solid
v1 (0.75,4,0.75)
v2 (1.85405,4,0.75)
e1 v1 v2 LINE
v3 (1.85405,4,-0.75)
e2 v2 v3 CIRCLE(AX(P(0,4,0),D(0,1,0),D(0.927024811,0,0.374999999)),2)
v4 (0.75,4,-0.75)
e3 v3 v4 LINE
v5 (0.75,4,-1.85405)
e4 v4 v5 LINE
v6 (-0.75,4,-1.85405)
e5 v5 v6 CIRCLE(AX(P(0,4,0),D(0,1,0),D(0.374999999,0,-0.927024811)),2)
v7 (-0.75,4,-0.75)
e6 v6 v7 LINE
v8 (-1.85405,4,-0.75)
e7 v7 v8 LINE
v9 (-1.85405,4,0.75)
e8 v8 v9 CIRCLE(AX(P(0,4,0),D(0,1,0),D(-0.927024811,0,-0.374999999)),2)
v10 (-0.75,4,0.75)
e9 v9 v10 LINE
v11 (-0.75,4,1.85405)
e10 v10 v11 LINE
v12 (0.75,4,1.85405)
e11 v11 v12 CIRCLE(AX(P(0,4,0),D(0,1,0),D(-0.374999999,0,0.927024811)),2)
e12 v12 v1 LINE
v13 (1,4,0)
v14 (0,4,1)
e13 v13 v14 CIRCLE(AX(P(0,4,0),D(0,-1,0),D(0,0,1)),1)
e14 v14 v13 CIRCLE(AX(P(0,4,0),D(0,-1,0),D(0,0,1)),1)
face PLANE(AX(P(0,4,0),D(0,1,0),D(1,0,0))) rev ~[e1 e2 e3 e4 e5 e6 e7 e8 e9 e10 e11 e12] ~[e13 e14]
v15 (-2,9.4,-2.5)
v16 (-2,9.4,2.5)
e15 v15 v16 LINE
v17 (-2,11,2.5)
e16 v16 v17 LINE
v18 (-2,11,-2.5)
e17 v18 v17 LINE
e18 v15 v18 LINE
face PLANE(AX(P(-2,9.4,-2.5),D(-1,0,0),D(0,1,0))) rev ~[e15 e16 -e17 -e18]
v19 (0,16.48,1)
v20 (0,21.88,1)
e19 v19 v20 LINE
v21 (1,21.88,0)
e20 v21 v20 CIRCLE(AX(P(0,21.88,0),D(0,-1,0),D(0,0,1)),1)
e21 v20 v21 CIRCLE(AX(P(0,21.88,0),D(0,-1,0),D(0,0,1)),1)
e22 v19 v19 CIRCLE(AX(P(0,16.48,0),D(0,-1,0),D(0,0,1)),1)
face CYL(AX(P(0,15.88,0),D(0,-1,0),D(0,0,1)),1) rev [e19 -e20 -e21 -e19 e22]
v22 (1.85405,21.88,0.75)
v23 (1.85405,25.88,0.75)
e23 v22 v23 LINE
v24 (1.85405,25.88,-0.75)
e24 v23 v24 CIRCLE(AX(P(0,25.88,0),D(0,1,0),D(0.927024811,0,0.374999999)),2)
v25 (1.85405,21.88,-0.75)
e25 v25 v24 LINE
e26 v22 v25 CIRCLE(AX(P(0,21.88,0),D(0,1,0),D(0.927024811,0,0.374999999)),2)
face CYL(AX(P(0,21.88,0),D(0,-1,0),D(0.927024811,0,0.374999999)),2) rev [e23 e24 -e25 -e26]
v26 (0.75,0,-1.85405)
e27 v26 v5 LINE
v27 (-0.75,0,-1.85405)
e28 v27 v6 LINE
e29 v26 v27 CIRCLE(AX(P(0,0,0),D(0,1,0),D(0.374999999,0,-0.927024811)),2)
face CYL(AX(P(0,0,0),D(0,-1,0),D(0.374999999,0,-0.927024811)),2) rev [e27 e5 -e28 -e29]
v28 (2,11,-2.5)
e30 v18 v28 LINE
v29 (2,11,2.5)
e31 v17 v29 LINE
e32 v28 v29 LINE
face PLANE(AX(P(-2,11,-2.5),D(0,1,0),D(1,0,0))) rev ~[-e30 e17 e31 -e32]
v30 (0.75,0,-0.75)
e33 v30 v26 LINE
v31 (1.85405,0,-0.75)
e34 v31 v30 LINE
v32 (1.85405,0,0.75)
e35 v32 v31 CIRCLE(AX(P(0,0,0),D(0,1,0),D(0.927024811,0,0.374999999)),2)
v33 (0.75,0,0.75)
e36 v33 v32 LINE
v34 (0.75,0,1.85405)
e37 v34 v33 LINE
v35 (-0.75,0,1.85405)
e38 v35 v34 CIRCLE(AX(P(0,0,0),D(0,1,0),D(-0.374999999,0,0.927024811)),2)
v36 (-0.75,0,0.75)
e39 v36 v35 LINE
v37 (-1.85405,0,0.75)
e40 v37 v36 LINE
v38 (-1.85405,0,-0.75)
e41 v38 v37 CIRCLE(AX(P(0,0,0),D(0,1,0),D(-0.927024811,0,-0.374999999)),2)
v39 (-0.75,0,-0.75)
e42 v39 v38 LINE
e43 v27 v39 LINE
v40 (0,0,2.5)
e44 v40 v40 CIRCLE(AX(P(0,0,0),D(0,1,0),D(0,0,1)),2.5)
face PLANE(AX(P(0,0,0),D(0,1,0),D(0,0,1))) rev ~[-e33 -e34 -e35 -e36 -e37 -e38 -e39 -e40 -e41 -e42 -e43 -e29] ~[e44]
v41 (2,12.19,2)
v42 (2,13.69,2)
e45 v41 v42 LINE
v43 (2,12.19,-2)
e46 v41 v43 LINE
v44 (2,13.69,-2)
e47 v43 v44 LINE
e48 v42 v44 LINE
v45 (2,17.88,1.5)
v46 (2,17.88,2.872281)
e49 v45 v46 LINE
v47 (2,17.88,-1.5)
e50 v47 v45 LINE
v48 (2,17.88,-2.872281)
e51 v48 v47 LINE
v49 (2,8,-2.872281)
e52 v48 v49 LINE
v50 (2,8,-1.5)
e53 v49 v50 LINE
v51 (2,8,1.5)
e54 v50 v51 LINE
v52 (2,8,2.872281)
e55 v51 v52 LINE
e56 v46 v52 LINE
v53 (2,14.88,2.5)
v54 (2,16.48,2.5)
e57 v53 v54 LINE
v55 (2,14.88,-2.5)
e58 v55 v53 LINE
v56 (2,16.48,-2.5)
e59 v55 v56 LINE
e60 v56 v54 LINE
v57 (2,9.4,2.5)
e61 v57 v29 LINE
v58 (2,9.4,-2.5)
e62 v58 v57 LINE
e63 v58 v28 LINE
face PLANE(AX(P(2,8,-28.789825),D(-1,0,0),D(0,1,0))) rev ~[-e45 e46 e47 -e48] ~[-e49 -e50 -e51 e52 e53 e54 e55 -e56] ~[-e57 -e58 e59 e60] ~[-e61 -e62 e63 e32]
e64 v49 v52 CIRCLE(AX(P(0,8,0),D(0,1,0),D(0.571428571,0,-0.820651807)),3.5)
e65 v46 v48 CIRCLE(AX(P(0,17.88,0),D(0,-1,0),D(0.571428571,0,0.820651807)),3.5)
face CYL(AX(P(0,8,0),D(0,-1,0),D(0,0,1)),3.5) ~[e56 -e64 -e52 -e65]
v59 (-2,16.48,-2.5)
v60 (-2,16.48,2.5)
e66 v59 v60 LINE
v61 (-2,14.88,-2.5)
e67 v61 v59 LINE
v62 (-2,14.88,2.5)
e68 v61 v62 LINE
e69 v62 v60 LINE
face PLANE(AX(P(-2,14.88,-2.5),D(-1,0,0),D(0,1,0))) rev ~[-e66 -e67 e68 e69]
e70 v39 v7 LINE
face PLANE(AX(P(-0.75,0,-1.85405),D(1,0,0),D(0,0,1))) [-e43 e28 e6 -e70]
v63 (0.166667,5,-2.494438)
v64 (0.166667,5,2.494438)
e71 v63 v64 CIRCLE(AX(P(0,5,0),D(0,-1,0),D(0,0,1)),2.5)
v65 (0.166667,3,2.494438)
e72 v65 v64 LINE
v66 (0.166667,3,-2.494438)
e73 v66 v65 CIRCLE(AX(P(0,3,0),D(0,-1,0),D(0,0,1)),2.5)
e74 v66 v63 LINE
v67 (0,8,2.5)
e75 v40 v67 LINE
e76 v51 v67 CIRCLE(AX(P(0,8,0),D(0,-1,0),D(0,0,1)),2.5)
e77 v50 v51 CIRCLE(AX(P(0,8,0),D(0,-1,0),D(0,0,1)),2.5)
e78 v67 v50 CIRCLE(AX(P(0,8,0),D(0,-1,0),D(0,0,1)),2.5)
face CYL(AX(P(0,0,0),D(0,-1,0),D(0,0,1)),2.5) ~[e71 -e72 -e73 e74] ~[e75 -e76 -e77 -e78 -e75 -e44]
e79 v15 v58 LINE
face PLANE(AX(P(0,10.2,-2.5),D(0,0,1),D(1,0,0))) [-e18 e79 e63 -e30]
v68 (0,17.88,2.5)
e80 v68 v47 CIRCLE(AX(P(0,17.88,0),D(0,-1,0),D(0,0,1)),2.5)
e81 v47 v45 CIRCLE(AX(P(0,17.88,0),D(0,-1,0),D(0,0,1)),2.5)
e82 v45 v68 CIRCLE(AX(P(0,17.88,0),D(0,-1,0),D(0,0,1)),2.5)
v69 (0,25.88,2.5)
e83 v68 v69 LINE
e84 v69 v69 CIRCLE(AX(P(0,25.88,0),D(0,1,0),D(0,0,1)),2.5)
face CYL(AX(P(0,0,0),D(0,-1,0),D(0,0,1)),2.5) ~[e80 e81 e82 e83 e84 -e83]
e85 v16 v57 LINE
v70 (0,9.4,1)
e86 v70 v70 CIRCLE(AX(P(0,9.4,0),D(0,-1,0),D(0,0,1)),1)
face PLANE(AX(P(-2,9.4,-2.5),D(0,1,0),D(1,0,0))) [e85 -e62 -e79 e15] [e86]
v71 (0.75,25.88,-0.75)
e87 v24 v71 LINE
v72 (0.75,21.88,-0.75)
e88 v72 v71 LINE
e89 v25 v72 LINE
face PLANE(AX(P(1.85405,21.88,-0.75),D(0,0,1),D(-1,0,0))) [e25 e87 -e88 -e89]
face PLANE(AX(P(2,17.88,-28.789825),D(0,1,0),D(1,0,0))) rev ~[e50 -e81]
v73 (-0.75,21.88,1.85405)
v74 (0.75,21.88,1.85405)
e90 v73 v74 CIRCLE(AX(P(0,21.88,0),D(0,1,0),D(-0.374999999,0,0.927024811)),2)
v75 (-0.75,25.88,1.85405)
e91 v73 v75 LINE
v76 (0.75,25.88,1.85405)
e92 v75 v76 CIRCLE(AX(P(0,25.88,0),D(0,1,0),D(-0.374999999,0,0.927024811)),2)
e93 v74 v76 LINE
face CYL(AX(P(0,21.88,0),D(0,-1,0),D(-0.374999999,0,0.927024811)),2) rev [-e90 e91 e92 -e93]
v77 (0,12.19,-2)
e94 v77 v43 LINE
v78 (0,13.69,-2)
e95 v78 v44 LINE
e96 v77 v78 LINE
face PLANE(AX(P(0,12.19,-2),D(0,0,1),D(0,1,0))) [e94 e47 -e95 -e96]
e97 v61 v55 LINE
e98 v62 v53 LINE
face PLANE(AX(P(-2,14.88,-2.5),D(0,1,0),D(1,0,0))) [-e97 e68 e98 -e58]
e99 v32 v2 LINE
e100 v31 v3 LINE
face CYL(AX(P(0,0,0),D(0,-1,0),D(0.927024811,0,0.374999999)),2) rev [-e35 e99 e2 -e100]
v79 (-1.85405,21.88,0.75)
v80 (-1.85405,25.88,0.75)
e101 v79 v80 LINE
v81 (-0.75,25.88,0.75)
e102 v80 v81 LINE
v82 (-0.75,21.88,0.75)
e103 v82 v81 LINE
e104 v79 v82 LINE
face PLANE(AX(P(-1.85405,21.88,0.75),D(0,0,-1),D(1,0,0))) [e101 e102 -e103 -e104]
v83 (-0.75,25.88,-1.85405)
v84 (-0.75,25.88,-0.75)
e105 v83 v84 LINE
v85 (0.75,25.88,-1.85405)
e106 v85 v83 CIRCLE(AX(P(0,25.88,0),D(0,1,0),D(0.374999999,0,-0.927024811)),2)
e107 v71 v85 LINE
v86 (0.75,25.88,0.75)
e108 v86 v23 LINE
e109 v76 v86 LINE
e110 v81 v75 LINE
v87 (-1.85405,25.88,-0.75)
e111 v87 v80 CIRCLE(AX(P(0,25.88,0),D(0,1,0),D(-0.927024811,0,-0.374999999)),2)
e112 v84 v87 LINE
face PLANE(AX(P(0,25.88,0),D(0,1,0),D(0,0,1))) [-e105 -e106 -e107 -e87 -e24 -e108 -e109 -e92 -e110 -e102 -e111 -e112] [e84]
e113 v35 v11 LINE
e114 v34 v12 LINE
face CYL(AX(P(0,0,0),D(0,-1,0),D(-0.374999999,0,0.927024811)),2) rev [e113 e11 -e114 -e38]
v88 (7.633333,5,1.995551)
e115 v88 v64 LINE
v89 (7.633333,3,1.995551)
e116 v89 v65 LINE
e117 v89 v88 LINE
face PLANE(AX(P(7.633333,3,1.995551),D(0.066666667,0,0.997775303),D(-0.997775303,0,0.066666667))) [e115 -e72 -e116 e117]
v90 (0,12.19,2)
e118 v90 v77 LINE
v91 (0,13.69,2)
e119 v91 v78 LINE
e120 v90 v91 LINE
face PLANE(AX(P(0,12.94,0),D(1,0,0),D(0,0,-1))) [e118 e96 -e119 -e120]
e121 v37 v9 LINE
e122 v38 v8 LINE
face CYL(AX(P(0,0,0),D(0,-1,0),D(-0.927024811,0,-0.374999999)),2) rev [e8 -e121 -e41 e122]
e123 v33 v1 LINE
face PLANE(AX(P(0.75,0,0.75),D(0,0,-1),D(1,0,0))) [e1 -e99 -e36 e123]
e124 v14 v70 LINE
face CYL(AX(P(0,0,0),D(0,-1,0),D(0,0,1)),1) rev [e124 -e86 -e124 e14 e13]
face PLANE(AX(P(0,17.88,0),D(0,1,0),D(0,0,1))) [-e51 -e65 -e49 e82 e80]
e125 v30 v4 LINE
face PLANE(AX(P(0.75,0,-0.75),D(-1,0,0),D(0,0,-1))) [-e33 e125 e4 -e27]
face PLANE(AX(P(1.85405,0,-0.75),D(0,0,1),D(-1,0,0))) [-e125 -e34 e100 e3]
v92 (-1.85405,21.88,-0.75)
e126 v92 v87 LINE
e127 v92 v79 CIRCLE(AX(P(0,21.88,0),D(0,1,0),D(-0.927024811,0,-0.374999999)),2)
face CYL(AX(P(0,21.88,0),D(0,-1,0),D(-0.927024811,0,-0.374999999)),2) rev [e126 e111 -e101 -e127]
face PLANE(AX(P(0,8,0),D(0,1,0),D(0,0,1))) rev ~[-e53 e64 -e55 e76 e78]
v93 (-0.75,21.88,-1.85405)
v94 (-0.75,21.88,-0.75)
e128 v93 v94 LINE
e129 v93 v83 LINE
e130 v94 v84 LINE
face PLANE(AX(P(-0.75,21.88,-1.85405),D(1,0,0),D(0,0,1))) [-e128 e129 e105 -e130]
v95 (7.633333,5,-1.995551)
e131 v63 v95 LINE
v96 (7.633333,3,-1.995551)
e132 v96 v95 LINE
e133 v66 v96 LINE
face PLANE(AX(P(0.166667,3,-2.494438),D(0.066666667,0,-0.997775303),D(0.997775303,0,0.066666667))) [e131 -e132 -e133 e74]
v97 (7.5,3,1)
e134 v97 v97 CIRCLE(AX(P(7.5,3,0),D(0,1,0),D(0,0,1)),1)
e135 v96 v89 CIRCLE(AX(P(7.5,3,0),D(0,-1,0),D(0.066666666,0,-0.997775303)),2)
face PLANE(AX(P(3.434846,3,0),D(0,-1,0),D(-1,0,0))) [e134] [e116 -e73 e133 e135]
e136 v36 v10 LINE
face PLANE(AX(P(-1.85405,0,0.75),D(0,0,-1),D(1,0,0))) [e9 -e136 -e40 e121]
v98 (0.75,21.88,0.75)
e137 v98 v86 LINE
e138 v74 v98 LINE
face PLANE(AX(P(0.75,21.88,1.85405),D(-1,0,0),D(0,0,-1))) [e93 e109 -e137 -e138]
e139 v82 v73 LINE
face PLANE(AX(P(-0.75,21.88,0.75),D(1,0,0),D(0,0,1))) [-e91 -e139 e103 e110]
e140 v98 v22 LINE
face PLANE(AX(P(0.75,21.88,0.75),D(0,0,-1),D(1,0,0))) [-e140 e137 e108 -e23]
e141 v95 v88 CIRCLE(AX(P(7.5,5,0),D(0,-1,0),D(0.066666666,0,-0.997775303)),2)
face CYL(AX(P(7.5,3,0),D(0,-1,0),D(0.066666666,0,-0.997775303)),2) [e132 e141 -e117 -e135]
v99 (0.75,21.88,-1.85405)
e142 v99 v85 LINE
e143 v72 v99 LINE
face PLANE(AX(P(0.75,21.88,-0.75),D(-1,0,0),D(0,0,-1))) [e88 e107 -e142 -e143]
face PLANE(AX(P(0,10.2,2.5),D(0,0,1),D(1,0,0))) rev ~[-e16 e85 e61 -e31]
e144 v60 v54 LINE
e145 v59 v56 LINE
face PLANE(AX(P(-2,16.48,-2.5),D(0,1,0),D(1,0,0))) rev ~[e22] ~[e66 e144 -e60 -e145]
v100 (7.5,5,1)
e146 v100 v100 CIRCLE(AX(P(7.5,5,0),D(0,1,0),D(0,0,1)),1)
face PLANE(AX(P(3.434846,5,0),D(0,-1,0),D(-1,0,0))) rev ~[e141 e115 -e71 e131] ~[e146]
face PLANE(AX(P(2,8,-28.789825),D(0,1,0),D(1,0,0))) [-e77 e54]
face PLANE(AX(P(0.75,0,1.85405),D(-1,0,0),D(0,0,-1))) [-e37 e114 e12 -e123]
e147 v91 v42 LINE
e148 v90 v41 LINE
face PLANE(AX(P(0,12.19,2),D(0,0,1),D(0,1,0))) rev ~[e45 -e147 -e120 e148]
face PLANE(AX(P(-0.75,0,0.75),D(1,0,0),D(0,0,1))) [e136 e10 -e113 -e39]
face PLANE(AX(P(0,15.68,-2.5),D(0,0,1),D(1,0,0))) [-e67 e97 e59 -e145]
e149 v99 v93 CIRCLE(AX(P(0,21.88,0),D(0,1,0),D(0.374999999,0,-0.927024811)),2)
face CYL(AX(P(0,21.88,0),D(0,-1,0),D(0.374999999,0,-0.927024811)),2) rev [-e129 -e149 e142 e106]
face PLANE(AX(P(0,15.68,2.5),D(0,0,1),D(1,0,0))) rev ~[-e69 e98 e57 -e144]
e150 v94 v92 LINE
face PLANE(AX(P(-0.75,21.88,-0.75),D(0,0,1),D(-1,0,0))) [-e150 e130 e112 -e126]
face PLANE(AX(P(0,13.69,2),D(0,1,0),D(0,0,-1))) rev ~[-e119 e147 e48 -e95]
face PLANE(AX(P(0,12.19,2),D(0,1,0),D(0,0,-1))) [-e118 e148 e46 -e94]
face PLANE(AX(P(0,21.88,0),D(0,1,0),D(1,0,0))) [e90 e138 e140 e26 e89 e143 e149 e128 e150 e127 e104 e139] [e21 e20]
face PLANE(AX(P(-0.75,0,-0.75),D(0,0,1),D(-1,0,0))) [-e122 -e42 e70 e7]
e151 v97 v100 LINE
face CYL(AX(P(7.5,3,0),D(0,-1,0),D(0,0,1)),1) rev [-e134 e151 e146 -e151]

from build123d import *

# Parameters (mm, degrees)
SKETCH_1_R                = 2.5
EXTRUDE_1_DEPTH           = 25.88
EXTRUDE_START             = 3
SKETCH_2_R                = 1
EXTRUDE_2_DEPTH           = 2
CUT_EXTRUDE_1_DEPTH       = 4
CUT_EXTRUDE_START         = 21.88
CUT_EXTRUDE_2_DEPTH       = 4
SKETCH_6_R                = 0.25
CUT_EXTRUDE_3_DEPTH       = 0.25
CUT_EXTRUDE_START_2       = 4.25
SKETCH_7_R                = 0.25
CUT_EXTRUDE_4_DEPTH       = 0.25
EXTRUDE_START_2           = 8
SKETCH_17_R               = 3.5
EXTRUDE_5_DEPTH           = 9.88
SKETCH_18_R               = 1
CUT_EXTRUDE_11_DEPTH      = 10
CUT_EXTRUDE_START_3       = 15.88
SKETCH_19_R               = 1
CUT_EXTRUDE_12_DEPTH      = 10
CUT_EXTRUDE_13_DEPTH      = 2.5
CUT_EXTRUDE_13_DEPTH_BACK = 2.5
SKETCH_20_W               = 4
SKETCH_20_H               = 1.6
CUT_EXTRUDE_14_DEPTH      = 28.789825476
CUT_EXTRUDE_14_DEPTH_BACK = 28.789825476
SKETCH_21_W               = 1.5
SKETCH_21_H               = 9.88
SKETCH_22_W               = 4
SKETCH_22_H               = 1.5
CUT_EXTRUDE_15_DEPTH      = 28.789825476


with BuildPart() as part:
    # 草图1 → 凸台-拉伸1 (new body)
    with BuildSketch(Plane(origin=(0, 0, 0), x_dir=(1, 0, 0), z_dir=(0, 1, 0))):
        with Locations(Location((0, 0, 0), (0, 0, 270))):
            Circle(SKETCH_1_R)
    extrude(amount=EXTRUDE_1_DEPTH)

    # 草图2 → 凸台-拉伸2 (add)
    with BuildSketch(Plane(origin=(0, 0, 0), x_dir=(1, 0, 0), z_dir=(0, 1, 0)).offset(EXTRUDE_START)):
        with BuildLine():
            Line((0.166666667, 2.494438258), (7.633333333, 1.995550606))
            ThreePointArc((7.633333333, 1.995550606), (9.5, 0), (7.633333333, -1.995550606))
            Line((7.633333333, -1.995550606), (0.166666667, -2.494438258))
            ThreePointArc((0.166666667, -2.494438258), (-2.5, 0), (0.166666667, 2.494438258))
        make_face()
        with Locations(Location((7.5, 0, 0), (0, 0, 270))):
            Circle(SKETCH_2_R, mode=Mode.SUBTRACT)
    extrude(amount=EXTRUDE_2_DEPTH)

    # 草图3 → 切除-拉伸1 (cut)
    with BuildSketch(Plane(origin=(0, 0, 0), x_dir=(1, 0, 0), z_dir=(0, 1, 0))):
        with BuildLine():
            Line((-1.854049622, -0.75), (-0.75, -0.75))
            Line((-0.75, -0.75), (-0.75, -1.854049622))
            ThreePointArc((-0.75, -1.854049622), (0, -2), (0.75, -1.854049622))
            Line((0.75, -1.854049622), (0.75, -0.75))
            Line((0.75, -0.75), (1.854049622, -0.75))
            ThreePointArc((1.854049622, -0.75), (2, 0), (1.854049622, 0.75))
            Line((1.854049622, 0.75), (0.75, 0.75))
            Line((0.75, 0.75), (0.75, 1.854049622))
            ThreePointArc((0.75, 1.854049622), (0, 2), (-0.75, 1.854049622))
            Line((-0.75, 1.854049622), (-0.75, 0.75))
            Line((-0.75, 0.75), (-1.854049622, 0.75))
            ThreePointArc((-1.854049622, 0.75), (-2, 0), (-1.854049622, -0.75))
        make_face()
    extrude(amount=CUT_EXTRUDE_1_DEPTH, mode=Mode.SUBTRACT)

    # 草图5 → 切除-拉伸2 (cut)
    with BuildSketch(Plane(origin=(0, 0, 0), x_dir=(1, 0, 0), z_dir=(0, 1, 0)).offset(CUT_EXTRUDE_START)):
        with BuildLine():
            Line((1.854049622, 0.75), (0.75, 0.75))
            Line((0.75, 0.75), (0.75, 1.854049622))
            ThreePointArc((0.75, 1.854049622), (0, 2), (-0.75, 1.854049622))
            Line((-0.75, 1.854049622), (-0.75, 0.75))
            Line((-0.75, 0.75), (-1.854049622, 0.75))
            ThreePointArc((-1.854049622, 0.75), (-2, 0), (-1.854049622, -0.75))
            Line((-1.854049622, -0.75), (-0.75, -0.75))
            Line((-0.75, -0.75), (-0.75, -1.854049622))
            ThreePointArc((-0.75, -1.854049622), (0, -2), (0.75, -1.854049622))
            Line((0.75, -1.854049622), (0.75, -0.75))
            Line((0.75, -0.75), (1.854049622, -0.75))
            ThreePointArc((1.854049622, -0.75), (2, 0), (1.854049622, 0.75))
        make_face()
    extrude(amount=CUT_EXTRUDE_2_DEPTH, mode=Mode.SUBTRACT)

    # 草图6 → 切除-拉伸3 (cut)
    with BuildSketch(Plane(origin=(0, 0, 0), x_dir=(1, 0, 0), z_dir=(0, 1, 0)).offset(CUT_EXTRUDE_START)):
        with Locations(Location((0.75, 0, 0), (0, 0, 270))):
            Circle(SKETCH_6_R)
    extrude(amount=-CUT_EXTRUDE_3_DEPTH, mode=Mode.SUBTRACT)

    # 草图7 → 切除-拉伸4 (cut)
    with BuildSketch(Plane(origin=(0, 0, 0), x_dir=(1, 0, 0), z_dir=(0, 1, 0)).offset(CUT_EXTRUDE_START_2)):
        with Locations(Location((0.75, 0, 0), (0, 0, 270))):
            Circle(SKETCH_7_R)
    extrude(amount=-CUT_EXTRUDE_4_DEPTH, mode=Mode.SUBTRACT)

    # 草图17 → 凸台-拉伸5 (add)
    with BuildSketch(Plane(origin=(0, 0, 0), x_dir=(1, 0, 0), z_dir=(0, 1, 0)).offset(EXTRUDE_START_2)):
        with Locations(Location((0, 0, 0), (0, 0, 270))):
            Circle(SKETCH_17_R)
    extrude(amount=EXTRUDE_5_DEPTH)

    # 草图18 → 切除-拉伸11 (cut)
    with BuildSketch(Plane(origin=(0, 0, 0), x_dir=(1, 0, 0), z_dir=(0, 1, 0))):
        with Locations(Location((0, 0, 0), (0, 0, 270))):
            Circle(SKETCH_18_R)
    extrude(amount=CUT_EXTRUDE_11_DEPTH, mode=Mode.SUBTRACT)

    # 草图19 → 切除-拉伸12 (cut)
    with BuildSketch(Plane(origin=(0, 0, 0), x_dir=(1, 0, 0), z_dir=(0, 1, 0)).offset(CUT_EXTRUDE_START_3)):
        with Locations(Location((0, 0, 0), (0, 0, 270))):
            Circle(SKETCH_19_R)
    extrude(amount=CUT_EXTRUDE_12_DEPTH, mode=Mode.SUBTRACT)

    # 草图20 → 切除-拉伸13 (cut, two sides: drawn at the far end of the back side and taken through both)
    with BuildSketch(Plane.XY.offset(-CUT_EXTRUDE_13_DEPTH_BACK)):
        with Locations((0, 15.68)):
            Rectangle(SKETCH_20_W, SKETCH_20_H)
        with Locations((0, 10.2)):
            Rectangle(SKETCH_20_W, SKETCH_20_H)
    extrude(amount=CUT_EXTRUDE_13_DEPTH + CUT_EXTRUDE_13_DEPTH_BACK, mode=Mode.SUBTRACT)

    # 草图21 → 切除-拉伸14 (cut, two sides: drawn at the far end of the back side and taken through both)
    with BuildSketch(Plane.XY.offset(-CUT_EXTRUDE_14_DEPTH_BACK)):
        with Locations((2.75, 12.94)):
            Rectangle(SKETCH_21_W, SKETCH_21_H)
    extrude(amount=CUT_EXTRUDE_14_DEPTH + CUT_EXTRUDE_14_DEPTH_BACK, mode=Mode.SUBTRACT)

    # 草图22 → 切除-拉伸15 (cut, through all)
    with BuildSketch(Plane(origin=(0, 0, 0), x_dir=(0, 0, -1), z_dir=(1, 0, 0))):
        with Locations((0, 12.94)):
            Rectangle(SKETCH_22_W, SKETCH_22_H)
    extrude(amount=CUT_EXTRUDE_15_DEPTH, mode=Mode.SUBTRACT)


solid = part.part
